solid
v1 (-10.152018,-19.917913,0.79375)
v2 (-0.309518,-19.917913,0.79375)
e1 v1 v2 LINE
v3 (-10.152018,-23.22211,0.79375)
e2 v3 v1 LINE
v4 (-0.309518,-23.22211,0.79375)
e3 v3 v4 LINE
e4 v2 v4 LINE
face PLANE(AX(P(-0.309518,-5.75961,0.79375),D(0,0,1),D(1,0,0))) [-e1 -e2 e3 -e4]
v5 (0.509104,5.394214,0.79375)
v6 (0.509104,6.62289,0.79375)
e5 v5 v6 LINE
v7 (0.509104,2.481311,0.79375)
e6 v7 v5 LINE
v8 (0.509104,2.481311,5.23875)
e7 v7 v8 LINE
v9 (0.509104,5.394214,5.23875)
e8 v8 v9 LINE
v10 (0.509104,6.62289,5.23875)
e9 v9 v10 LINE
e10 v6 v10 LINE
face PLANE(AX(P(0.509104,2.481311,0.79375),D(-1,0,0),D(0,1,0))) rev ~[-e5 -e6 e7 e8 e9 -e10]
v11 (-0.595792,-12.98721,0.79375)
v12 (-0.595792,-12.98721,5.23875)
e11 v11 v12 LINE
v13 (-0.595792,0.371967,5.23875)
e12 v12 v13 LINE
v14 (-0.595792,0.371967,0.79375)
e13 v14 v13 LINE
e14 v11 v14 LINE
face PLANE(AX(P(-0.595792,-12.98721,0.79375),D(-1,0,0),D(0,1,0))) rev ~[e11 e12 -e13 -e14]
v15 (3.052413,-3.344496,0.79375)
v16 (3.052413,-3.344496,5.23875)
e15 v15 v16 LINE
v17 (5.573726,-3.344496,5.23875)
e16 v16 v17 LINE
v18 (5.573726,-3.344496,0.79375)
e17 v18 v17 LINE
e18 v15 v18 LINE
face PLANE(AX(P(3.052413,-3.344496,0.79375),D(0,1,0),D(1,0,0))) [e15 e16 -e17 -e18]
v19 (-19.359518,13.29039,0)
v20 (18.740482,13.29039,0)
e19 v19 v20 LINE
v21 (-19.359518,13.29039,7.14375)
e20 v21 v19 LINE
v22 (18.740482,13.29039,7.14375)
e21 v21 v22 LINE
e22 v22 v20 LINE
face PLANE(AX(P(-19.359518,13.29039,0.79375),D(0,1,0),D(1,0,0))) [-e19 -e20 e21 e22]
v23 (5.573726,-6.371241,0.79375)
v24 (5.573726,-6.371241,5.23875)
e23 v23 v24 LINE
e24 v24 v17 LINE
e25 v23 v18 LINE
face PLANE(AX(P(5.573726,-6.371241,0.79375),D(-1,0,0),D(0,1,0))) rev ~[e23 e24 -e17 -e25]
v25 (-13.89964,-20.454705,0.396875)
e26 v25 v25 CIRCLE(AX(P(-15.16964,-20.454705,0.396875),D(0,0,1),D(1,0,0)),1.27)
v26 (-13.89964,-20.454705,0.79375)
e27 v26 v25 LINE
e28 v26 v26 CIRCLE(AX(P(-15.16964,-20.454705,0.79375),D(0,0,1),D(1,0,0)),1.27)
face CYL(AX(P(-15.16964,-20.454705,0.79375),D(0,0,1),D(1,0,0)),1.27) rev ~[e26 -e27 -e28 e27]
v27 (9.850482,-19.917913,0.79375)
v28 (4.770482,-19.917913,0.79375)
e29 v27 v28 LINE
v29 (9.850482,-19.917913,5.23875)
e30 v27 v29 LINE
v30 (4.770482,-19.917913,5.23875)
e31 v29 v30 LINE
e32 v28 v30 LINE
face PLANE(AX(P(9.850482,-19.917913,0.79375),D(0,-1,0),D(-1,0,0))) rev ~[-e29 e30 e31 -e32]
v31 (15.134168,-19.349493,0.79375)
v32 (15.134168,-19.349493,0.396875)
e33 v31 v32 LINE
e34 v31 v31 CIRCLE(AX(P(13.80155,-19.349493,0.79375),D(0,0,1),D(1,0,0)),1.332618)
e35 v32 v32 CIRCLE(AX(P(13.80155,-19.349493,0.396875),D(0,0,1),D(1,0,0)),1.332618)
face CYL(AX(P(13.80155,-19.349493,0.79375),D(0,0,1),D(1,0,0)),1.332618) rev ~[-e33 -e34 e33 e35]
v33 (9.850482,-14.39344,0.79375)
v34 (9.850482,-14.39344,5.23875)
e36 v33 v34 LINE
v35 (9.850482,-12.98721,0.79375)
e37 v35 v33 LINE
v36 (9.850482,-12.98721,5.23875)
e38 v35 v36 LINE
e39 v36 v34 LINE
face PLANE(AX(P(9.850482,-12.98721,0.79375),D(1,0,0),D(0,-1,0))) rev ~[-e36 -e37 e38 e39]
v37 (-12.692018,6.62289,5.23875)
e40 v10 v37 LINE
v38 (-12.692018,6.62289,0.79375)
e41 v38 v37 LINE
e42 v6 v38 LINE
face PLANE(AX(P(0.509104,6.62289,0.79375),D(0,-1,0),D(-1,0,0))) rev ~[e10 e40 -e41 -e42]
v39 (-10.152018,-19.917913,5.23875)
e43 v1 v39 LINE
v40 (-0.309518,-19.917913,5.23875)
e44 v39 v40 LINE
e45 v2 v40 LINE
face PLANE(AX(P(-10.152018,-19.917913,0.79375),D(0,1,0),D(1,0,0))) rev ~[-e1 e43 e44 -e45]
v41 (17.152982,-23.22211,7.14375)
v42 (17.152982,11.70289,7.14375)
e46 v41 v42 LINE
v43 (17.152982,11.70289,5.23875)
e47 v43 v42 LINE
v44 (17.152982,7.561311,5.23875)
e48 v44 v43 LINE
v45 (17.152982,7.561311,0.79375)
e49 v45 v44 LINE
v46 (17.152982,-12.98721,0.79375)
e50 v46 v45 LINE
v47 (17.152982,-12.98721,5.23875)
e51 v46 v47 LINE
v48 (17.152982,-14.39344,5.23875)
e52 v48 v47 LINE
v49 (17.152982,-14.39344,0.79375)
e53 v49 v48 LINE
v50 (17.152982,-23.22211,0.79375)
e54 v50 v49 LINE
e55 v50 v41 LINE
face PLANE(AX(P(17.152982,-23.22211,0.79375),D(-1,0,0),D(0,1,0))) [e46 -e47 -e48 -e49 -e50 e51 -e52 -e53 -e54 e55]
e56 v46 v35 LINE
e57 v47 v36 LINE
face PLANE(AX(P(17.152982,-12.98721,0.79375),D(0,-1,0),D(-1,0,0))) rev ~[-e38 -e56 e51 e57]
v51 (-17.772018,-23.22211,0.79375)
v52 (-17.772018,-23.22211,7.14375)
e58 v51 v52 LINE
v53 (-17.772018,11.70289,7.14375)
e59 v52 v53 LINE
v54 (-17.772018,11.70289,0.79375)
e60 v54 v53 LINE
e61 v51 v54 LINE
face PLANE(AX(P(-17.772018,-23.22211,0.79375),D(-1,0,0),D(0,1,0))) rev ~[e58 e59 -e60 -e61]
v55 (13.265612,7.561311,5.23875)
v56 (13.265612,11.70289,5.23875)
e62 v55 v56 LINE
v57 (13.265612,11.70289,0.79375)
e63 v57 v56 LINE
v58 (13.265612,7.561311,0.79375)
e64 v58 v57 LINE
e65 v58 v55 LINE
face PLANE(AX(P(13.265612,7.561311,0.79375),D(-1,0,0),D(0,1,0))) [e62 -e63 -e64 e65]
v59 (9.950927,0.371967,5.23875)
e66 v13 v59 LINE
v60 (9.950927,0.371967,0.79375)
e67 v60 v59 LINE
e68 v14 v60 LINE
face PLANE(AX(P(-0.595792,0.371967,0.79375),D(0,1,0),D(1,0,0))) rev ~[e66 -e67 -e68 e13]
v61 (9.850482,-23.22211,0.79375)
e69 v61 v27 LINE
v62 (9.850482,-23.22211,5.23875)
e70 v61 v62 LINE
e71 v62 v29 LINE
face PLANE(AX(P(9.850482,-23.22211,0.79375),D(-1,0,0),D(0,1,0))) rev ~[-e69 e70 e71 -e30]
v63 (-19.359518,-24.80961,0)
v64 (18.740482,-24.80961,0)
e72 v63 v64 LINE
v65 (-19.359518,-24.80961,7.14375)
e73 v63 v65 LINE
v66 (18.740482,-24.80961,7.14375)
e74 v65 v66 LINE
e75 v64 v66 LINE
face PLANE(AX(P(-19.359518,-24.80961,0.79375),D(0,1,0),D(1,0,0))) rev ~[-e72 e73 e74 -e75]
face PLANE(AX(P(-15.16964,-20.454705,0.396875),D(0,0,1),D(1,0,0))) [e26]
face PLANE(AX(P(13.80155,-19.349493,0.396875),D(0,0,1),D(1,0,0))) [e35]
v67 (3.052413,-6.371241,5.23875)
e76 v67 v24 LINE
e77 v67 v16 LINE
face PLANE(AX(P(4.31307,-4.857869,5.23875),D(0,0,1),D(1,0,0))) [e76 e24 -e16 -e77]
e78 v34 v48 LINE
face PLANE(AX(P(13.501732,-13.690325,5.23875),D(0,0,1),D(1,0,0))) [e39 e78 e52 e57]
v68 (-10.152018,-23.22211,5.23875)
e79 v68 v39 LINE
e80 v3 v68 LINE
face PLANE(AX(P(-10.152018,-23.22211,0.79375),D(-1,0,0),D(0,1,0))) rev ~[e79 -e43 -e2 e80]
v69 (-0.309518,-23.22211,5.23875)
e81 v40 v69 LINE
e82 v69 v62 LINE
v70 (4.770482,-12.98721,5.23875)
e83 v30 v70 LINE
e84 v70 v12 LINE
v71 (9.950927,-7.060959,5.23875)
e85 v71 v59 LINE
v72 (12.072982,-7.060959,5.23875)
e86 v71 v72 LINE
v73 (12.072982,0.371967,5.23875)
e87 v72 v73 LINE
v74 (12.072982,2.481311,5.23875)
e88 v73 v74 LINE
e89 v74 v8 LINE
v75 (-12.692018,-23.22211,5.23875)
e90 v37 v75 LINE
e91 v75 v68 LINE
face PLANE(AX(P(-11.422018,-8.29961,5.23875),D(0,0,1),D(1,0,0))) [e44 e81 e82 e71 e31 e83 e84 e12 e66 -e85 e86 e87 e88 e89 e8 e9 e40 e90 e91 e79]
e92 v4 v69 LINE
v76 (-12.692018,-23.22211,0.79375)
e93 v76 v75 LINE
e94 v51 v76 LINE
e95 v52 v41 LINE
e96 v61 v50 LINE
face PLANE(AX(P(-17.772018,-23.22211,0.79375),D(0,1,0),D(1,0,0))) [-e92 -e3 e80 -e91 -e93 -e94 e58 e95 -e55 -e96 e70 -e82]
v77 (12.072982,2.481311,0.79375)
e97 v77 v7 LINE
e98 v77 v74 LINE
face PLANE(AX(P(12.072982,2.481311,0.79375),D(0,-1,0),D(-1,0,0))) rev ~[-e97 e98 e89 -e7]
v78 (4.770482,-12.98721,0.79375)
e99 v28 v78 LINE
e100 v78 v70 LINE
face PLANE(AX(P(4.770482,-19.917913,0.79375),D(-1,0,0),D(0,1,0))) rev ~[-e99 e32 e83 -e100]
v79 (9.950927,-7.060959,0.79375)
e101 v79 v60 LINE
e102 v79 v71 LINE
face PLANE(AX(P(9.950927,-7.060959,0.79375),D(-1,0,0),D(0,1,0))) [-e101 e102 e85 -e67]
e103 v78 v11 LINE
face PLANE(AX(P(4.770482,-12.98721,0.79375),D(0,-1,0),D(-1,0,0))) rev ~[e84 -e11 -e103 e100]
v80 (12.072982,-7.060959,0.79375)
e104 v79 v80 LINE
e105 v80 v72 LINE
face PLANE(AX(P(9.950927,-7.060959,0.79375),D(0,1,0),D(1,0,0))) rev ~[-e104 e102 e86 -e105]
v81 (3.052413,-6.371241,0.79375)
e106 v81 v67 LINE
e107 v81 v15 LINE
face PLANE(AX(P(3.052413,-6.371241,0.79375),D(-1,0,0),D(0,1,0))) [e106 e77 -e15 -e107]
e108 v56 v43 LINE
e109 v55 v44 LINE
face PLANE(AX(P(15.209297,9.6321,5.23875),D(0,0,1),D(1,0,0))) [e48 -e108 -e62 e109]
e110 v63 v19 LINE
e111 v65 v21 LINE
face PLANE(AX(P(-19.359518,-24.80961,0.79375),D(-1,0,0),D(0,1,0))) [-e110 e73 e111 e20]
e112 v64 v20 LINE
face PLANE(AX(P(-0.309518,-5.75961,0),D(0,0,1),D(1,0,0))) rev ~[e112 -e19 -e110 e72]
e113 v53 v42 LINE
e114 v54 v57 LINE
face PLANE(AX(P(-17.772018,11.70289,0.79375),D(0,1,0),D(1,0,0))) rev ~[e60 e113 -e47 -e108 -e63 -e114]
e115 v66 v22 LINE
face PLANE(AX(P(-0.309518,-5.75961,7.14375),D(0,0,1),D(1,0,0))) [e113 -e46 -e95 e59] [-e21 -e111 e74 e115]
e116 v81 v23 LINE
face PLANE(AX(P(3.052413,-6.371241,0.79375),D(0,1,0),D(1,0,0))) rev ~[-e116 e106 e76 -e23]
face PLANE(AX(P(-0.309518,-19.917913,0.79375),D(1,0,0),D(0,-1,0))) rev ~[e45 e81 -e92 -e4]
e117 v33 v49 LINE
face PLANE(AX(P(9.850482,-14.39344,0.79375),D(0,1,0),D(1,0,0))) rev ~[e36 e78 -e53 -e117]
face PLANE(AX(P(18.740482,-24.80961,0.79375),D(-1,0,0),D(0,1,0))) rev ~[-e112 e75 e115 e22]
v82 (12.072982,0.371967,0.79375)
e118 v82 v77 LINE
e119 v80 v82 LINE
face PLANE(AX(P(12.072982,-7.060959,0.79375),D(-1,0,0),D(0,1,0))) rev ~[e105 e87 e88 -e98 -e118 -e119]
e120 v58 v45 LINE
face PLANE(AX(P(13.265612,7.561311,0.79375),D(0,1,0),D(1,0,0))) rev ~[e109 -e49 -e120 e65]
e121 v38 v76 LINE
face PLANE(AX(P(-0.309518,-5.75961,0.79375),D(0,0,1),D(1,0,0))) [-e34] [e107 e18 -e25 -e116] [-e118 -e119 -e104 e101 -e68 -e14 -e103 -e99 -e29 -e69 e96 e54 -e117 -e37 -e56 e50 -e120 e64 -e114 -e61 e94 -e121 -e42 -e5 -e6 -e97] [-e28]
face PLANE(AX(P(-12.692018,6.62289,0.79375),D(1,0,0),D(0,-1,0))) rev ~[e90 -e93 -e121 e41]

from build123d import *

# Parameters (mm, degrees)
F0_W     = 38.1
F0_H     = 38.1
F1_DEPTH = 0.79375
F2_W     = 38.1
F2_H     = 38.1
F2_W_2   = 34.925
F2_H_2   = 34.925
F3_DEPTH = 6.35
F4_W     = 1.1048951419
F4_H     = 2.9129034374
F4_W_2   = 5.5244707037
F4_H_2   = 2.109343739
F4_W_3   = 2.1220554633
F4_H_3   = 7.4329261261
F4_W_4   = 3.8873708525
F4_H_4   = 4.1415788532
F4_W_5   = 2.5213125627
F4_H_5   = 3.0267448165
F5_DEPTH = 4.445
F6_R     = 1.3326175267
F6_R_2   = 1.27
F7_DEPTH = 0.396875


with BuildPart() as f1:
    # F0 (on Top) → F1 (new body)
    with BuildSketch(Plane.XY):
        with Locations((-0.3095176071, -5.7596102857)):
            Rectangle(F0_W, F0_H)
    extrude(amount=F1_DEPTH)

    # F2 (on face) → F3 (join)
    with BuildSketch(Plane.XY.offset(0.79375)):
        with Locations((-0.3095176071, -5.7596102857)):
            Rectangle(F2_W, F2_H)
        with Locations((-0.3095176071, -5.7596102857)):
            Rectangle(F2_W_2, F2_H_2, mode=Mode.SUBTRACT)
    extrude(amount=F3_DEPTH)

    # F4 (on face) → F5 (join)
    with BuildSketch(Plane.XY.offset(0.79375)):
        Polygon((-12.6920176071, 6.6228897143), (-12.6920176071, -23.2221102857), (-10.1520176071, -23.2221102857), (-10.1520176071, -19.9179127812), (-10.1520176071, -12.9872104153), (-10.1520176071, 0.3719671222), (-10.1520176071, 5.3942142986), (-10.1520176071, 6.6228897143), align=None)
        Polygon((0.5091035802, 6.6228897143), (-10.1520176071, 6.6228897143), (-10.1520176071, 5.3942142986), (-0.5957915617, 5.3942142986), (0.5091035802, 5.3942142986), align=None)
        Polygon((-10.1520176071, -12.9872104153), (-10.1520176071, -19.9179127812), (-0.3095176071, -19.9179127812), (4.7704823929, -19.9179127812), (4.7704823929, -12.9872104153), (-0.5957915617, -12.9872104153), align=None)
        Polygon((-0.5957915617, 5.3942142986), (-10.1520176071, 5.3942142986), (-10.1520176071, 0.3719671222), (-10.1520176071, -12.9872104153), (-0.5957915617, -12.9872104153), (-0.5957915617, 0.3719671222), (-0.5957915617, 2.4813108612), align=None)
        Polygon((4.7704823929, -19.9179127812), (-0.3095176071, -19.9179127812), (-0.3095176071, -23.2221102857), (9.8504823929, -23.2221102857), (9.8504823929, -19.9179127812), align=None)
        with Locations((-0.0433439907, 3.9377625799)):
            Rectangle(F4_W, F4_H)
        Polygon((0.5091035802, 2.4813108612), (-0.5957915617, 2.4813108612), (-0.5957915617, 0.3719671222), (4.3260116892, 0.3719671222), (4.3260116892, 2.4813108612), (0.9108832403, 2.4813108612), align=None)
        with Locations((7.0882470411, 1.4266389917)):
            Rectangle(F4_W_2, F4_H_2)
        Polygon((9.8504823929, 2.4813108612), (9.8504823929, 0.3719671222), (9.9509269296, 0.3719671222), (12.0729823929, 0.3719671222), (12.0729823929, 2.4813108612), align=None)
        with Locations((11.0119546612, -3.3444959408)):
            Rectangle(F4_W_3, F4_H_3)
        Polygon((17.1529823929, -14.3934395164), (17.1529823929, -12.9872104153), (12.3616074508, -12.9872104153), (9.8504823929, -12.9872104153), (9.8504823929, -14.3934395164), align=None)
        with Locations((15.2092969666, 9.6321002878)):
            Rectangle(F4_W_4, F4_H_4)
        with Locations((4.3130695121, -4.8578686547)):
            Rectangle(F4_W_5, F4_H_5)
    extrude(amount=F5_DEPTH)

    # F6 (on face) → F7 (cut)
    with BuildSketch(Plane.XY.offset(0.79375)):
        with Locations((13.801550063, -19.3494927589)):
            Circle(F6_R)
        with Locations((-15.1696396893, -20.454704795)):
            Circle(F6_R_2)
    extrude(amount=-F7_DEPTH, mode=Mode.SUBTRACT)


solid = f1.part
